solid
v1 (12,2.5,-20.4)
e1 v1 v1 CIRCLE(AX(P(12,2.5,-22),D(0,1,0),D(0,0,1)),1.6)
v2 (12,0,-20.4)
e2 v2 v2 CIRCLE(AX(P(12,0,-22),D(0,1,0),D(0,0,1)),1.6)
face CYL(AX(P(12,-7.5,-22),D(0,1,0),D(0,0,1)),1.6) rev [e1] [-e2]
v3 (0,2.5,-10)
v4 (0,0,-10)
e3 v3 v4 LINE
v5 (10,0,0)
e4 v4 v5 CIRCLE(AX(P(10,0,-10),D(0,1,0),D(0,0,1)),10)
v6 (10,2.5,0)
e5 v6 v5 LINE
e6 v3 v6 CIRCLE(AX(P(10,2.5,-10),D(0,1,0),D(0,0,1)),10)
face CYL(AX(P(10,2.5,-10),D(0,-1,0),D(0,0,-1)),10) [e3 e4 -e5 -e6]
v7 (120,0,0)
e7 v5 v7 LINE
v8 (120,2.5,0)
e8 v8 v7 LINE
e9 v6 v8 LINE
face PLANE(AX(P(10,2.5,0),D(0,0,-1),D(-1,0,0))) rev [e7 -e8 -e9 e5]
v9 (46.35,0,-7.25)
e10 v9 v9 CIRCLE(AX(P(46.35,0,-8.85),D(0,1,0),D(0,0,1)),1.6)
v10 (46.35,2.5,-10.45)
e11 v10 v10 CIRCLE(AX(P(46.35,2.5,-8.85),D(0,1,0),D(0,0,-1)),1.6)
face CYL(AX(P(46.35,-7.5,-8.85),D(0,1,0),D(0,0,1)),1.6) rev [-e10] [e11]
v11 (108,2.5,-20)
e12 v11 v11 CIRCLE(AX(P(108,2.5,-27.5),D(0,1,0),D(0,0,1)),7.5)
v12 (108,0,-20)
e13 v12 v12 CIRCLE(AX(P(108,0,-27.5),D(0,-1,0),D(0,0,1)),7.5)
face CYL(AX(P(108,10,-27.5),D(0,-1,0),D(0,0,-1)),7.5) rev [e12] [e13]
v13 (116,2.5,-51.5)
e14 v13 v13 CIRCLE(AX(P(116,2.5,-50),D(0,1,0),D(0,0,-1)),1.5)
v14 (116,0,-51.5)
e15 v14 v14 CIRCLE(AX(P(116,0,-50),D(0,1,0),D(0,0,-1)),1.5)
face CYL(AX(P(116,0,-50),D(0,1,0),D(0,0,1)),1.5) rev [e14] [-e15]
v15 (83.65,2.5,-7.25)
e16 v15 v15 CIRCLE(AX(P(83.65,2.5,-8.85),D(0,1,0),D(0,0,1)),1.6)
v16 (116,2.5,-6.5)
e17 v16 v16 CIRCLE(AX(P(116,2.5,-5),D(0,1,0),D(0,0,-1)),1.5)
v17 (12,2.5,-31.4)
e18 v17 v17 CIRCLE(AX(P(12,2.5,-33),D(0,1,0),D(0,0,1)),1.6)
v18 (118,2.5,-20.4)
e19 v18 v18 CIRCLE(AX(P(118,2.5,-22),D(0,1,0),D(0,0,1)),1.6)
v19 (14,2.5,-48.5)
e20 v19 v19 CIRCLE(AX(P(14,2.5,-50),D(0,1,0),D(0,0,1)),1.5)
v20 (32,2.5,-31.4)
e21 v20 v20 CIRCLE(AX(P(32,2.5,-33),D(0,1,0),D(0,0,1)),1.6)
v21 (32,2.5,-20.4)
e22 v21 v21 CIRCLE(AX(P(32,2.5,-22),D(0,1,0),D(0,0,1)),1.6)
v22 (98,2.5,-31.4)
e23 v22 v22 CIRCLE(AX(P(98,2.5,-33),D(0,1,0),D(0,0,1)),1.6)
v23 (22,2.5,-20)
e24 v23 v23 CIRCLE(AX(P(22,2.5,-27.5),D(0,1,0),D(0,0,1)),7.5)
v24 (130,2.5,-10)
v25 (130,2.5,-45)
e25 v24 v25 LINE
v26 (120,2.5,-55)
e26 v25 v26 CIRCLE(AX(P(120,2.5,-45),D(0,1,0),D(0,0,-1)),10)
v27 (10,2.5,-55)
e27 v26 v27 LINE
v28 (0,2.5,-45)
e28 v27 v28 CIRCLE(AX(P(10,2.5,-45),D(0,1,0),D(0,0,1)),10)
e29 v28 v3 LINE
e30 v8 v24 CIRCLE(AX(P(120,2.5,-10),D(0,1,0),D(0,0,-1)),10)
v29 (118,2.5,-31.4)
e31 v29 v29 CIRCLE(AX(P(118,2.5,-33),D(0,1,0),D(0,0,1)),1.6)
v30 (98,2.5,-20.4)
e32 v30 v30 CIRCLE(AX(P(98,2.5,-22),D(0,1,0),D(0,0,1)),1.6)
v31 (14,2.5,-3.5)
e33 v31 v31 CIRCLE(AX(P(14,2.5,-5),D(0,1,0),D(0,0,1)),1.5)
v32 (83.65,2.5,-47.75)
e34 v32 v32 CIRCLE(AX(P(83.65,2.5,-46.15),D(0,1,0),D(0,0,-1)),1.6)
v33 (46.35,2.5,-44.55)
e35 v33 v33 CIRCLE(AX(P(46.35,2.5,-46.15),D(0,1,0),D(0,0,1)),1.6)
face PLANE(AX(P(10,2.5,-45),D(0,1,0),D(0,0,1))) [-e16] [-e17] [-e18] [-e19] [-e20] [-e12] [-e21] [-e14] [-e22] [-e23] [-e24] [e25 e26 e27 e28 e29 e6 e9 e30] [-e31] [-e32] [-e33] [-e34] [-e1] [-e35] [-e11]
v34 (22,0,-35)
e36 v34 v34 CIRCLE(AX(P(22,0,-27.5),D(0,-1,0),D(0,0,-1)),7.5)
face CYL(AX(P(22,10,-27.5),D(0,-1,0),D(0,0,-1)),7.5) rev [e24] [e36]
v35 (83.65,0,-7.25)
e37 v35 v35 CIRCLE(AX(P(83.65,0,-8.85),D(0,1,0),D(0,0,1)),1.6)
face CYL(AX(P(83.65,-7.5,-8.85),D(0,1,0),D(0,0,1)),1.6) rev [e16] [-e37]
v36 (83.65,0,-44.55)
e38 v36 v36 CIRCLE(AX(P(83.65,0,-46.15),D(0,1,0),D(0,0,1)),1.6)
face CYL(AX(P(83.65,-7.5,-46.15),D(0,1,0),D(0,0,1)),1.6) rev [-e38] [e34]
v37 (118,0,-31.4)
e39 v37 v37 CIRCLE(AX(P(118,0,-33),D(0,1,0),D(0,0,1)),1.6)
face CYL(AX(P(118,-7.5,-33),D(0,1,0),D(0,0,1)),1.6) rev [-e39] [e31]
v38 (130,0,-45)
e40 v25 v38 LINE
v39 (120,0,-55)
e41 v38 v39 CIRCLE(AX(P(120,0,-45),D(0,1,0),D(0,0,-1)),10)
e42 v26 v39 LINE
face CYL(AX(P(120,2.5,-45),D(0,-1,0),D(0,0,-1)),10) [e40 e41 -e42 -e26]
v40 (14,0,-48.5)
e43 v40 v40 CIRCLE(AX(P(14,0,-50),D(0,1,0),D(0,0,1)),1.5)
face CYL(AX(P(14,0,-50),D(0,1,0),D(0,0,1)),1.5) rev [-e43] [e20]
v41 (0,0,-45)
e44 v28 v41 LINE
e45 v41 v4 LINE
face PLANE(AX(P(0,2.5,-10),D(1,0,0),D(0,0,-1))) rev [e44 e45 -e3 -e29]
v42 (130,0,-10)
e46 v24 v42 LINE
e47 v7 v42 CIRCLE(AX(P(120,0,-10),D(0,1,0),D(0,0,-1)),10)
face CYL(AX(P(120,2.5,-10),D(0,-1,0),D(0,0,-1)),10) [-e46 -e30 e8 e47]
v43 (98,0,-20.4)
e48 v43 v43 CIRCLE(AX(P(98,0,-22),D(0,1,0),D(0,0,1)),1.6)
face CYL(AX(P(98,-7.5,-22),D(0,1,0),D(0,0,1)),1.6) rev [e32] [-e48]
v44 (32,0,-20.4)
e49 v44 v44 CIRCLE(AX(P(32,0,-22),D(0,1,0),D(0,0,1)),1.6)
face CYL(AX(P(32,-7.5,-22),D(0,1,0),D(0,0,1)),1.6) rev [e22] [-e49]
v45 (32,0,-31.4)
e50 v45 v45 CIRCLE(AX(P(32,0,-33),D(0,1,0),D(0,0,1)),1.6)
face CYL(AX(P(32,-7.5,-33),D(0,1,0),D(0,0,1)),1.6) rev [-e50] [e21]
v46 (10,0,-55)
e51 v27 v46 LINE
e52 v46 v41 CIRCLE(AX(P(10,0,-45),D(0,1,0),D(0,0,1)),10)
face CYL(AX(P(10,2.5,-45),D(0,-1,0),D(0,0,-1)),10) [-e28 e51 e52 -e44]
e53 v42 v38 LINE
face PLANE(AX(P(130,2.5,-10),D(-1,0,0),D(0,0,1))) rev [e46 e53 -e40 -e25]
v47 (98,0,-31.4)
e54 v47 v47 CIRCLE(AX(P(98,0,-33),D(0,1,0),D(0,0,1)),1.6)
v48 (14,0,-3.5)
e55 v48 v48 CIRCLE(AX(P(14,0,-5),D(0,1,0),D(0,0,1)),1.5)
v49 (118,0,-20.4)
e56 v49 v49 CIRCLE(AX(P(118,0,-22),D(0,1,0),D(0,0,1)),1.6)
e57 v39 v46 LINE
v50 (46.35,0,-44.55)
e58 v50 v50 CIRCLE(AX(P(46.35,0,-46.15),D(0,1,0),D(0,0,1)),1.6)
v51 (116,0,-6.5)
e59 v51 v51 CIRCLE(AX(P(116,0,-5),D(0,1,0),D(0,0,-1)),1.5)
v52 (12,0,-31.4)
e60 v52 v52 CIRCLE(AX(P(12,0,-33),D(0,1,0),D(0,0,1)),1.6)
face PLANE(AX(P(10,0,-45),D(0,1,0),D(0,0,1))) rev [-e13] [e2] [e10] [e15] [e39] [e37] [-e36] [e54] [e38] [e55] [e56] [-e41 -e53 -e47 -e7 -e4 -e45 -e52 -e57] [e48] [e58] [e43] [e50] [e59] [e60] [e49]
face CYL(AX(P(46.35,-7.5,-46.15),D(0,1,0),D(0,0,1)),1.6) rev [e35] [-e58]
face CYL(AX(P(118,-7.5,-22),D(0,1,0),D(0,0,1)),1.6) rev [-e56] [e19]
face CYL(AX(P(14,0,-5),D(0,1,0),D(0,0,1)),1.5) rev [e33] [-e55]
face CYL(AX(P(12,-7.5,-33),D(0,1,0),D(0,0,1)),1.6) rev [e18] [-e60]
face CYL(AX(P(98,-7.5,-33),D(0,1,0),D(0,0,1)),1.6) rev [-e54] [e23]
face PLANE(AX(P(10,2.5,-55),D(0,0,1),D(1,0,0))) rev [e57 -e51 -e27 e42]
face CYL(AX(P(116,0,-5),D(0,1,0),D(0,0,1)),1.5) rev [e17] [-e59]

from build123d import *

# Parameters (mm, degrees)
BOSS_EXTRUDE1_DEPTH = 2.5
SKETCH2_R           = 1.5
CUT_EXTRUDE1_DEPTH  = 142.178079035
SKETCH3_R           = 1.6
CUT_EXTRUDE2_DEPTH  = 10
SKETCH4_R           = 1.6
CUT_EXTRUDE3_DEPTH  = 10
SKETCH5_R           = 1.6
CUT_EXTRUDE4_DEPTH  = 10
SKETCH8_R           = 1.6
CUT_EXTRUDE5_DEPTH  = 10
SKETCH9_R           = 1.6
CUT_EXTRUDE6_DEPTH  = 10
SKETCH10_R          = 7.5
CUT_EXTRUDE7_DEPTH  = 10


with BuildPart() as part:
    # Sketch1 → Boss-Extrude1 (new body)
    with BuildSketch(Plane(origin=(0, 0, 0), x_dir=(1, 0, 0), z_dir=(0, 1, 0))):
        with BuildLine():
            Line((10, 0), (120, 0))
            ThreePointArc((120, 0), (127.071067812, 2.928932188), (130, 10))
            Line((130, 10), (130, 45))
            ThreePointArc((130, 45), (127.071067812, 52.071067812), (120, 55))
            Line((120, 55), (10, 55))
            ThreePointArc((10, 55), (2.928932188, 52.071067812), (0, 45))
            Line((0, 45), (0, 10))
            ThreePointArc((0, 10), (2.928932188, 2.928932188), (10, 0))
        make_face()
    extrude(amount=BOSS_EXTRUDE1_DEPTH)

    # Sketch2 → Cut-Extrude1 (cut, through all)
    with BuildSketch(Plane(origin=(0, 2.5, 0), x_dir=(1, 0, 0), z_dir=(0, 1, 0))):
        with Locations(Location((14, 5, 0), (0, 0, 270))):
            Circle(SKETCH2_R)
        with Locations(Location((14, 50, 0), (0, 0, 270))):
            Circle(SKETCH2_R)
        with Locations(Location((116, 5, 0), (0, 0, 90))):
            Circle(SKETCH2_R)
        with Locations(Location((116, 50, 0), (0, 0, 90))):
            Circle(SKETCH2_R)
    extrude(amount=-CUT_EXTRUDE1_DEPTH, mode=Mode.SUBTRACT)

    # Sketch3 → Cut-Extrude2 (cut)
    with BuildSketch(Plane(origin=(0, 2.5, 0), x_dir=(1, 0, 0), z_dir=(0, 1, 0))):
        with Locations(Location((12, 33, 0), (0, 0, 270))):
            Circle(SKETCH3_R)
    extrude(amount=-CUT_EXTRUDE2_DEPTH, mode=Mode.SUBTRACT)

    # Sketch4 → Cut-Extrude3 (cut)
    with BuildSketch(Plane(origin=(0, 2.5, 0), x_dir=(1, 0, 0), z_dir=(0, 1, 0))):
        with Locations(Location((12, 22, 0), (0, 0, 270))):
            Circle(SKETCH4_R)
    extrude(amount=-CUT_EXTRUDE3_DEPTH, mode=Mode.SUBTRACT)

    # Sketch5 → Cut-Extrude4 (cut)
    with BuildSketch(Plane(origin=(0, 2.5, 0), x_dir=(1, 0, 0), z_dir=(0, 1, 0))):
        with Locations(Location((32, 33, 0), (0, 0, 270))):
            Circle(SKETCH5_R)
        with Locations(Location((32, 22, 0), (0, 0, 270))):
            Circle(SKETCH5_R)
    extrude(amount=-CUT_EXTRUDE4_DEPTH, mode=Mode.SUBTRACT)

    # Sketch8 → Cut-Extrude5 (cut)
    with BuildSketch(Plane(origin=(0, 2.5, 0), x_dir=(1, 0, 0), z_dir=(0, 1, 0))):
        with Locations(Location((98, 33, 0), (0, 0, 270))):
            Circle(SKETCH8_R)
        with Locations(Location((98, 22, 0), (0, 0, 270))):
            Circle(SKETCH8_R)
        with Locations(Location((118, 33, 0), (0, 0, 270))):
            Circle(SKETCH8_R)
        with Locations(Location((118, 22, 0), (0, 0, 270))):
            Circle(SKETCH8_R)
    extrude(amount=-CUT_EXTRUDE5_DEPTH, mode=Mode.SUBTRACT)

    # Sketch9 → Cut-Extrude6 (cut)
    with BuildSketch(Plane(origin=(0, 2.5, 0), x_dir=(1, 0, 0), z_dir=(0, 1, 0))):
        with Locations(Location((46.35, 46.15, 0), (0, 0, 270))):
            Circle(SKETCH9_R)
        with Locations(Location((83.65, 46.15, 0), (0, 0, 270))):
            Circle(SKETCH9_R)
        with Locations(Location((83.65, 8.85, 0), (0, 0, 270))):
            Circle(SKETCH9_R)
        with Locations(Location((46.35, 8.85, 0), (0, 0, 270))):
            Circle(SKETCH9_R)
    extrude(amount=-CUT_EXTRUDE6_DEPTH, mode=Mode.SUBTRACT)

    # Sketch10 → Cut-Extrude7 (cut)
    with BuildSketch(Plane.XZ):
        with Locations(Location((22, -27.5, 0), (0, 0, 270))):
            Circle(SKETCH10_R)
        with Locations(Location((108, -27.5, 0), (0, 0, 90))):
            Circle(SKETCH10_R)
    extrude(amount=-CUT_EXTRUDE7_DEPTH, mode=Mode.SUBTRACT)


solid = part.part
